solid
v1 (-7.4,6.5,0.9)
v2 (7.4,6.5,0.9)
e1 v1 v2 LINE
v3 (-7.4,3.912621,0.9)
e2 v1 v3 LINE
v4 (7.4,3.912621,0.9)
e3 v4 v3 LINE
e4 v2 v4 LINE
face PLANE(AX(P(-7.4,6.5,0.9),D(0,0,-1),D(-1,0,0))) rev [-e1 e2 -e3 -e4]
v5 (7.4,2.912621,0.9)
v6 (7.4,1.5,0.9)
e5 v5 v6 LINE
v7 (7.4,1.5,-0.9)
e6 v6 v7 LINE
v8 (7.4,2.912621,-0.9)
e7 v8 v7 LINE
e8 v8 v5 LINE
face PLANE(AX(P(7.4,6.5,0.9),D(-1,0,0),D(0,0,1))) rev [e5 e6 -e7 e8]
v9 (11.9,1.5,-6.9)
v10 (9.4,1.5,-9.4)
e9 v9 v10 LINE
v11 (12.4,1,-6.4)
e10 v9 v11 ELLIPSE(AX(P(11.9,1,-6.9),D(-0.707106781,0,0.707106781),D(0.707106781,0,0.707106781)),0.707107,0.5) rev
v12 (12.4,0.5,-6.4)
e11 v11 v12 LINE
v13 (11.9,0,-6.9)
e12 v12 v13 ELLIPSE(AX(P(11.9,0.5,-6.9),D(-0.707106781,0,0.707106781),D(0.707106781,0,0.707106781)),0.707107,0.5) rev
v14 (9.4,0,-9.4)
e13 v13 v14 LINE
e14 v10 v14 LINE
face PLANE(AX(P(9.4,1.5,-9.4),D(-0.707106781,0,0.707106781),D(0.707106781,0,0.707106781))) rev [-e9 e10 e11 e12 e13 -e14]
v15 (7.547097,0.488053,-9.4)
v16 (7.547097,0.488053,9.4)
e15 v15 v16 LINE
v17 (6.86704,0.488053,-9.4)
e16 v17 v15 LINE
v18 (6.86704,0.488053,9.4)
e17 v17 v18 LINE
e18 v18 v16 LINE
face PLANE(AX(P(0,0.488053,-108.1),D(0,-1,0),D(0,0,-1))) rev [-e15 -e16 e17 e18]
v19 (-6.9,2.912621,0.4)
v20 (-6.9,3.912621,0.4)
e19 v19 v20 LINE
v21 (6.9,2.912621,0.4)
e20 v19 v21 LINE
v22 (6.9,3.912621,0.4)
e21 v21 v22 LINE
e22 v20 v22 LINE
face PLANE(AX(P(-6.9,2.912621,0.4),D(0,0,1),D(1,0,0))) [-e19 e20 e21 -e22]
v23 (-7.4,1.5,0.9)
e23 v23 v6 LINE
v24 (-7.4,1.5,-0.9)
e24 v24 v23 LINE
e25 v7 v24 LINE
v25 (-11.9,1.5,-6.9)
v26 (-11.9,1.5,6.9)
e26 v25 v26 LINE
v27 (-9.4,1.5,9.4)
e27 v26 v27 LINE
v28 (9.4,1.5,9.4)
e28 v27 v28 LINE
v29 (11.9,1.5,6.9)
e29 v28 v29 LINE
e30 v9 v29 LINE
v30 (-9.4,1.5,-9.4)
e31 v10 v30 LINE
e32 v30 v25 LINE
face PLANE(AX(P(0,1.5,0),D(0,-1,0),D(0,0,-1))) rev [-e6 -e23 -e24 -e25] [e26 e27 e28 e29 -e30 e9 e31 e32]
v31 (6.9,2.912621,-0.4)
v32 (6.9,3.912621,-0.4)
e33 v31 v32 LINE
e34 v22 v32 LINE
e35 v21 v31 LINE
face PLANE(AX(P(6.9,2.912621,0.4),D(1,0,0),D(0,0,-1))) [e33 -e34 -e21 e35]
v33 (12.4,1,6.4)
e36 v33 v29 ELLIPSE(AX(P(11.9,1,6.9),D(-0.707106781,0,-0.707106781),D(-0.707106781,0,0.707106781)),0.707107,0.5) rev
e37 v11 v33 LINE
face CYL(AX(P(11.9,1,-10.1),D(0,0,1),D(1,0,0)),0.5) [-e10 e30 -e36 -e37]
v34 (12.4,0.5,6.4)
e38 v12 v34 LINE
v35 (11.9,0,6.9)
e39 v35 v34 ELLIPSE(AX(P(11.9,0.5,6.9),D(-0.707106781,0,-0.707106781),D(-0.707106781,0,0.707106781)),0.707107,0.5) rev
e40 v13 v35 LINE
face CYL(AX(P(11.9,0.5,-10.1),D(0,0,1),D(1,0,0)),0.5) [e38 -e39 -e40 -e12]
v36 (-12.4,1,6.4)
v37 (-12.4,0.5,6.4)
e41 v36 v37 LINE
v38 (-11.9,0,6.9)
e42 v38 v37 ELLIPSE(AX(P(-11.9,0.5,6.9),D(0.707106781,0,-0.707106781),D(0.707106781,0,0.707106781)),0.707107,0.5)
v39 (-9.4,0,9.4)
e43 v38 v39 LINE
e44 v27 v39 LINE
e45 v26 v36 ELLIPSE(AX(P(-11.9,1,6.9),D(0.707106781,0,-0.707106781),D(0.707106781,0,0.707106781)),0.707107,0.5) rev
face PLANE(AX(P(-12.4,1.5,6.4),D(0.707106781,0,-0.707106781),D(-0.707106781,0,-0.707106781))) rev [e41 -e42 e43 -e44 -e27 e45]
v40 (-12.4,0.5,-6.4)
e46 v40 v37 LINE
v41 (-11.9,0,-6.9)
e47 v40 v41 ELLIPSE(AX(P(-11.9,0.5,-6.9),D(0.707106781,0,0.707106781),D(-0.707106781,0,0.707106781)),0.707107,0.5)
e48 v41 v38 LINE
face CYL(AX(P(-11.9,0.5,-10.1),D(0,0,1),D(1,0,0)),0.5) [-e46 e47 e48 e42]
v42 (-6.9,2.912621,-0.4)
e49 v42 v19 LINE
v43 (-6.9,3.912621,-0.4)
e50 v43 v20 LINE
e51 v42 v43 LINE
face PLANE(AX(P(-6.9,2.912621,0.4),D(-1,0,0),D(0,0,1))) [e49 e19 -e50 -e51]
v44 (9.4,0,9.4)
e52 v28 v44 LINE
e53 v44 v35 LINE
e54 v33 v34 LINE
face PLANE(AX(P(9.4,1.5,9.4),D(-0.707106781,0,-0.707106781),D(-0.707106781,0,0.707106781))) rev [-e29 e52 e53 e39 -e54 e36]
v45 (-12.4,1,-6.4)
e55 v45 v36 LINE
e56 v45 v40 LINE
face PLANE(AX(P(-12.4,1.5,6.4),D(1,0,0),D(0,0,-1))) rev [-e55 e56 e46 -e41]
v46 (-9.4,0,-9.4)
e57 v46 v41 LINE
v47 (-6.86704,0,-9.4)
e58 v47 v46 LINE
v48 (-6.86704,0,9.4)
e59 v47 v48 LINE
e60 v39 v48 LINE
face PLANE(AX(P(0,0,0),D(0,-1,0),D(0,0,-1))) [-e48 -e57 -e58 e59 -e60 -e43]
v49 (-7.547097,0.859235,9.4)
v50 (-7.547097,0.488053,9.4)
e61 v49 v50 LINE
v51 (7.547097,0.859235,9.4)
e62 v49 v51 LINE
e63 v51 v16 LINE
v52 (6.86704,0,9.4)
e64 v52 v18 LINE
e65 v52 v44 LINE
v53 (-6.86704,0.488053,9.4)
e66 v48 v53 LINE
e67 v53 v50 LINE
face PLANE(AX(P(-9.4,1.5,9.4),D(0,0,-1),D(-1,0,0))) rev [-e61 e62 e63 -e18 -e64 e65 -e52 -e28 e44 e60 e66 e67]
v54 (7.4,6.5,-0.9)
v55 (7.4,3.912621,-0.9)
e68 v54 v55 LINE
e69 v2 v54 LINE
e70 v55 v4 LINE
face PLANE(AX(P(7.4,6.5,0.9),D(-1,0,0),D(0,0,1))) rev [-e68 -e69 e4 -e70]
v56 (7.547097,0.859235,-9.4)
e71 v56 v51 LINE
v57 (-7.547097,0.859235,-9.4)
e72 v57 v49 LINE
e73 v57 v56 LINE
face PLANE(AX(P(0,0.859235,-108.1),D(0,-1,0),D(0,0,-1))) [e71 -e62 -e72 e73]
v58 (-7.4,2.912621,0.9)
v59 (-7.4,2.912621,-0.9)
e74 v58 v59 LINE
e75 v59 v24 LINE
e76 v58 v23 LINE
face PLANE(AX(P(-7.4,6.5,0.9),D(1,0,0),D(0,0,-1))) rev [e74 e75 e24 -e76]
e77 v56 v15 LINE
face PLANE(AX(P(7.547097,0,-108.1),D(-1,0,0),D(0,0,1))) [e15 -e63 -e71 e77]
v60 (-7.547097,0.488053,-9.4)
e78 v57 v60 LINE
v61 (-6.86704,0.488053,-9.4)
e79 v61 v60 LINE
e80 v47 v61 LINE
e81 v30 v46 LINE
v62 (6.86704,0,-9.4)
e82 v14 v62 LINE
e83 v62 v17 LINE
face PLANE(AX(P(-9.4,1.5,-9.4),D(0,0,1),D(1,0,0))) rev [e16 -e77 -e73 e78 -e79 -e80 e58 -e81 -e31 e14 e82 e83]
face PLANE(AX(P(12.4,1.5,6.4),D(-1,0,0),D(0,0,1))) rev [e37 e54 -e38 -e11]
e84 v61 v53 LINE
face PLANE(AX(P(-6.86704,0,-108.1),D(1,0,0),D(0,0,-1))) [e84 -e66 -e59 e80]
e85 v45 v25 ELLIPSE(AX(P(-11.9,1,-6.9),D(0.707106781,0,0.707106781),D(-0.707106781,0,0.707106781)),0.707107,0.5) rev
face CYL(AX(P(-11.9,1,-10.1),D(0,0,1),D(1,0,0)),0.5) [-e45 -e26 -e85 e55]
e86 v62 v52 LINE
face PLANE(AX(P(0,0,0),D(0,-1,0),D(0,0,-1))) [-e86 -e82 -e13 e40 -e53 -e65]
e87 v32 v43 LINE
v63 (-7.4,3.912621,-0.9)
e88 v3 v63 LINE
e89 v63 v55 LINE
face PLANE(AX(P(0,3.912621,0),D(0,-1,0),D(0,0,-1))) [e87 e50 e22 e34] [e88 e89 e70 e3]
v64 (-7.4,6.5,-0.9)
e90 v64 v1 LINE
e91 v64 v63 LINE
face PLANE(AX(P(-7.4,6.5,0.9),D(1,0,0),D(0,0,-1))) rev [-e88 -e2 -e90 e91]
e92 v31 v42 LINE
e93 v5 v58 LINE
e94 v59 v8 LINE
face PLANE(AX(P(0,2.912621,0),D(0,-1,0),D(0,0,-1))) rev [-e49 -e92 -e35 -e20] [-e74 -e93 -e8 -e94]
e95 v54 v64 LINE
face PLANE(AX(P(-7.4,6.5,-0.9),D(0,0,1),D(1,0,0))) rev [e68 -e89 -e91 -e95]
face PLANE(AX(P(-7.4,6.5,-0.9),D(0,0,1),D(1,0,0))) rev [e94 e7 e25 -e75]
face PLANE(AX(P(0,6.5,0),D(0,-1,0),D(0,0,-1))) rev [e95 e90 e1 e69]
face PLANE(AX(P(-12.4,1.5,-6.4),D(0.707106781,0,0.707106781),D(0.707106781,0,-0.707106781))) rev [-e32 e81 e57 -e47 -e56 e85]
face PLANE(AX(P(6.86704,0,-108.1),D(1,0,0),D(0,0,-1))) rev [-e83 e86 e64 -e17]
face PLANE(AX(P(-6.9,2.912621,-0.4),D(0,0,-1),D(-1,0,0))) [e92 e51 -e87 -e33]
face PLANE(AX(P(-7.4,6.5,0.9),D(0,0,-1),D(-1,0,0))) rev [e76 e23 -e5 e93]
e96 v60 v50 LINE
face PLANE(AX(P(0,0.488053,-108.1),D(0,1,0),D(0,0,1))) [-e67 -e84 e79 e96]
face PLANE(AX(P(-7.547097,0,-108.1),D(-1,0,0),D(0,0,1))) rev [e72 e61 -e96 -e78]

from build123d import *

# Parameters (mm, degrees)
EXTRUDE_1_DEPTH          = 1.5
SKETCH_2_W               = 14.8
SKETCH_2_H               = 1.8
EXTRUDE_2_DEPTH          = 5
SKETCH_5_W               = 0.478908464
SKETCH_5_H               = 0.127427029
CUT_EXTRUDE_1_DEPTH      = 0.1
CUT_EXTRUDE_2_DEPTH      = 0.5
CUT_EXTRUDE_2_DEPTH_BACK = 0.5
SKETCH_4_W               = 15.629806388
SKETCH_4_H               = 2.571592952
SKETCH_4_W_2             = 13.8
SKETCH_4_H_2             = 0.8
CUT_EXTRUDE_3_DEPTH      = 117.5
CUT_EXTRUDE_4_DEPTH      = 19.5


with BuildPart() as part:
    # 草图1 → 凸台-拉伸1 (new body)
    with BuildSketch(Plane(origin=(0, 0, 0), x_dir=(1, 0, 0), z_dir=(0, 1, 0))):
        Polygon((-12.4, 6.4), (-9.4, 9.4), (9.4, 9.4), (12.4, 6.4), (12.4, -6.4), (9.4, -9.4), (-9.4, -9.4), (-12.4, -6.4), align=None)
    extrude(amount=EXTRUDE_1_DEPTH)

    # 草图2 → 凸台-拉伸2 (add)
    with BuildSketch(Plane(origin=(0, 1.5, 0), x_dir=(1, 0, 0), z_dir=(0, 1, 0))):
        Rectangle(SKETCH_2_W, SKETCH_2_H)
    extrude(amount=EXTRUDE_2_DEPTH)

    # 草图5 → 切除-拉伸1 (cut)
    with BuildSketch(Plane.XY.offset(0.9)):
        with Locations((-7.4, 3.476334332)):
            Rectangle(SKETCH_5_W, SKETCH_5_H)
    extrude(amount=-CUT_EXTRUDE_1_DEPTH, mode=Mode.SUBTRACT)

    # 草图4 → 切除-拉伸2 (cut, two sides: drawn at the far end of the back side and taken through both)
    with BuildSketch(Plane(origin=(0, 3.412620817, 0), x_dir=(1, 0, 0), z_dir=(0, 1, 0)).offset(-CUT_EXTRUDE_2_DEPTH_BACK)):
        Rectangle(SKETCH_4_W, SKETCH_4_H)
        Rectangle(SKETCH_4_W_2, SKETCH_4_H_2, mode=Mode.SUBTRACT)
    extrude(amount=CUT_EXTRUDE_2_DEPTH + CUT_EXTRUDE_2_DEPTH_BACK, mode=Mode.SUBTRACT)

    # 草图6 → 切除-拉伸3 (cut)
    with BuildSketch(Plane.XY.offset(9.4)):
        Polygon((-6.867040084, 0.488052507), (-6.867040084, 0), (0, 0), (0, 0.859235203), (-7.547096834, 0.859235203), (-7.547096834, 0.488052507), align=None)
        Polygon((0, 0.859235203), (0, 0), (6.867040084, 0), (6.867040084, 0.488052507), (7.547096834, 0.488052507), (7.547096834, 0.859235203), align=None)
    extrude(amount=-CUT_EXTRUDE_3_DEPTH, mode=Mode.SUBTRACT)

    # 草图9 → 切除-拉伸4 (cut)
    with BuildSketch(Plane.XY.offset(9.4)):
        with BuildLine():
            Line((-9.4, 0), (-11.9, 0))
            ThreePointArc((-11.9, 0), (-12.253553391, 0.146446609), (-12.4, 0.5))
            Line((-12.4, 0.5), (-12.4, 1))
            ThreePointArc((-12.4, 1), (-12.253553391, 1.353553391), (-11.9, 1.5))
            Line((-11.9, 1.5), (-13.659182298, 1.5))
            Line((-13.659182298, 1.5), (-13.659182298, -1.631891655))
            Line((-13.659182298, -1.631891655), (14.456410837, -1.631891655))
            Line((14.456410837, -1.631891655), (14.456410837, 1.5))
            Line((14.456410837, 1.5), (11.9, 1.5))
            ThreePointArc((11.9, 1.5), (12.253553391, 1.353553391), (12.4, 1))
            Line((12.4, 1), (12.4, 0.5))
            ThreePointArc((12.4, 0.5), (12.253553391, 0.146446609), (11.9, 0))
            Line((11.9, 0), (9.4, 0))
            Line((9.4, 0), (6.867040084, 0))
            Line((6.867040084, 0), (-6.867040084, 0))
            Line((-6.867040084, 0), (-9.4, 0))
        make_face()
    extrude(amount=-CUT_EXTRUDE_4_DEPTH, mode=Mode.SUBTRACT)


solid = part.part
